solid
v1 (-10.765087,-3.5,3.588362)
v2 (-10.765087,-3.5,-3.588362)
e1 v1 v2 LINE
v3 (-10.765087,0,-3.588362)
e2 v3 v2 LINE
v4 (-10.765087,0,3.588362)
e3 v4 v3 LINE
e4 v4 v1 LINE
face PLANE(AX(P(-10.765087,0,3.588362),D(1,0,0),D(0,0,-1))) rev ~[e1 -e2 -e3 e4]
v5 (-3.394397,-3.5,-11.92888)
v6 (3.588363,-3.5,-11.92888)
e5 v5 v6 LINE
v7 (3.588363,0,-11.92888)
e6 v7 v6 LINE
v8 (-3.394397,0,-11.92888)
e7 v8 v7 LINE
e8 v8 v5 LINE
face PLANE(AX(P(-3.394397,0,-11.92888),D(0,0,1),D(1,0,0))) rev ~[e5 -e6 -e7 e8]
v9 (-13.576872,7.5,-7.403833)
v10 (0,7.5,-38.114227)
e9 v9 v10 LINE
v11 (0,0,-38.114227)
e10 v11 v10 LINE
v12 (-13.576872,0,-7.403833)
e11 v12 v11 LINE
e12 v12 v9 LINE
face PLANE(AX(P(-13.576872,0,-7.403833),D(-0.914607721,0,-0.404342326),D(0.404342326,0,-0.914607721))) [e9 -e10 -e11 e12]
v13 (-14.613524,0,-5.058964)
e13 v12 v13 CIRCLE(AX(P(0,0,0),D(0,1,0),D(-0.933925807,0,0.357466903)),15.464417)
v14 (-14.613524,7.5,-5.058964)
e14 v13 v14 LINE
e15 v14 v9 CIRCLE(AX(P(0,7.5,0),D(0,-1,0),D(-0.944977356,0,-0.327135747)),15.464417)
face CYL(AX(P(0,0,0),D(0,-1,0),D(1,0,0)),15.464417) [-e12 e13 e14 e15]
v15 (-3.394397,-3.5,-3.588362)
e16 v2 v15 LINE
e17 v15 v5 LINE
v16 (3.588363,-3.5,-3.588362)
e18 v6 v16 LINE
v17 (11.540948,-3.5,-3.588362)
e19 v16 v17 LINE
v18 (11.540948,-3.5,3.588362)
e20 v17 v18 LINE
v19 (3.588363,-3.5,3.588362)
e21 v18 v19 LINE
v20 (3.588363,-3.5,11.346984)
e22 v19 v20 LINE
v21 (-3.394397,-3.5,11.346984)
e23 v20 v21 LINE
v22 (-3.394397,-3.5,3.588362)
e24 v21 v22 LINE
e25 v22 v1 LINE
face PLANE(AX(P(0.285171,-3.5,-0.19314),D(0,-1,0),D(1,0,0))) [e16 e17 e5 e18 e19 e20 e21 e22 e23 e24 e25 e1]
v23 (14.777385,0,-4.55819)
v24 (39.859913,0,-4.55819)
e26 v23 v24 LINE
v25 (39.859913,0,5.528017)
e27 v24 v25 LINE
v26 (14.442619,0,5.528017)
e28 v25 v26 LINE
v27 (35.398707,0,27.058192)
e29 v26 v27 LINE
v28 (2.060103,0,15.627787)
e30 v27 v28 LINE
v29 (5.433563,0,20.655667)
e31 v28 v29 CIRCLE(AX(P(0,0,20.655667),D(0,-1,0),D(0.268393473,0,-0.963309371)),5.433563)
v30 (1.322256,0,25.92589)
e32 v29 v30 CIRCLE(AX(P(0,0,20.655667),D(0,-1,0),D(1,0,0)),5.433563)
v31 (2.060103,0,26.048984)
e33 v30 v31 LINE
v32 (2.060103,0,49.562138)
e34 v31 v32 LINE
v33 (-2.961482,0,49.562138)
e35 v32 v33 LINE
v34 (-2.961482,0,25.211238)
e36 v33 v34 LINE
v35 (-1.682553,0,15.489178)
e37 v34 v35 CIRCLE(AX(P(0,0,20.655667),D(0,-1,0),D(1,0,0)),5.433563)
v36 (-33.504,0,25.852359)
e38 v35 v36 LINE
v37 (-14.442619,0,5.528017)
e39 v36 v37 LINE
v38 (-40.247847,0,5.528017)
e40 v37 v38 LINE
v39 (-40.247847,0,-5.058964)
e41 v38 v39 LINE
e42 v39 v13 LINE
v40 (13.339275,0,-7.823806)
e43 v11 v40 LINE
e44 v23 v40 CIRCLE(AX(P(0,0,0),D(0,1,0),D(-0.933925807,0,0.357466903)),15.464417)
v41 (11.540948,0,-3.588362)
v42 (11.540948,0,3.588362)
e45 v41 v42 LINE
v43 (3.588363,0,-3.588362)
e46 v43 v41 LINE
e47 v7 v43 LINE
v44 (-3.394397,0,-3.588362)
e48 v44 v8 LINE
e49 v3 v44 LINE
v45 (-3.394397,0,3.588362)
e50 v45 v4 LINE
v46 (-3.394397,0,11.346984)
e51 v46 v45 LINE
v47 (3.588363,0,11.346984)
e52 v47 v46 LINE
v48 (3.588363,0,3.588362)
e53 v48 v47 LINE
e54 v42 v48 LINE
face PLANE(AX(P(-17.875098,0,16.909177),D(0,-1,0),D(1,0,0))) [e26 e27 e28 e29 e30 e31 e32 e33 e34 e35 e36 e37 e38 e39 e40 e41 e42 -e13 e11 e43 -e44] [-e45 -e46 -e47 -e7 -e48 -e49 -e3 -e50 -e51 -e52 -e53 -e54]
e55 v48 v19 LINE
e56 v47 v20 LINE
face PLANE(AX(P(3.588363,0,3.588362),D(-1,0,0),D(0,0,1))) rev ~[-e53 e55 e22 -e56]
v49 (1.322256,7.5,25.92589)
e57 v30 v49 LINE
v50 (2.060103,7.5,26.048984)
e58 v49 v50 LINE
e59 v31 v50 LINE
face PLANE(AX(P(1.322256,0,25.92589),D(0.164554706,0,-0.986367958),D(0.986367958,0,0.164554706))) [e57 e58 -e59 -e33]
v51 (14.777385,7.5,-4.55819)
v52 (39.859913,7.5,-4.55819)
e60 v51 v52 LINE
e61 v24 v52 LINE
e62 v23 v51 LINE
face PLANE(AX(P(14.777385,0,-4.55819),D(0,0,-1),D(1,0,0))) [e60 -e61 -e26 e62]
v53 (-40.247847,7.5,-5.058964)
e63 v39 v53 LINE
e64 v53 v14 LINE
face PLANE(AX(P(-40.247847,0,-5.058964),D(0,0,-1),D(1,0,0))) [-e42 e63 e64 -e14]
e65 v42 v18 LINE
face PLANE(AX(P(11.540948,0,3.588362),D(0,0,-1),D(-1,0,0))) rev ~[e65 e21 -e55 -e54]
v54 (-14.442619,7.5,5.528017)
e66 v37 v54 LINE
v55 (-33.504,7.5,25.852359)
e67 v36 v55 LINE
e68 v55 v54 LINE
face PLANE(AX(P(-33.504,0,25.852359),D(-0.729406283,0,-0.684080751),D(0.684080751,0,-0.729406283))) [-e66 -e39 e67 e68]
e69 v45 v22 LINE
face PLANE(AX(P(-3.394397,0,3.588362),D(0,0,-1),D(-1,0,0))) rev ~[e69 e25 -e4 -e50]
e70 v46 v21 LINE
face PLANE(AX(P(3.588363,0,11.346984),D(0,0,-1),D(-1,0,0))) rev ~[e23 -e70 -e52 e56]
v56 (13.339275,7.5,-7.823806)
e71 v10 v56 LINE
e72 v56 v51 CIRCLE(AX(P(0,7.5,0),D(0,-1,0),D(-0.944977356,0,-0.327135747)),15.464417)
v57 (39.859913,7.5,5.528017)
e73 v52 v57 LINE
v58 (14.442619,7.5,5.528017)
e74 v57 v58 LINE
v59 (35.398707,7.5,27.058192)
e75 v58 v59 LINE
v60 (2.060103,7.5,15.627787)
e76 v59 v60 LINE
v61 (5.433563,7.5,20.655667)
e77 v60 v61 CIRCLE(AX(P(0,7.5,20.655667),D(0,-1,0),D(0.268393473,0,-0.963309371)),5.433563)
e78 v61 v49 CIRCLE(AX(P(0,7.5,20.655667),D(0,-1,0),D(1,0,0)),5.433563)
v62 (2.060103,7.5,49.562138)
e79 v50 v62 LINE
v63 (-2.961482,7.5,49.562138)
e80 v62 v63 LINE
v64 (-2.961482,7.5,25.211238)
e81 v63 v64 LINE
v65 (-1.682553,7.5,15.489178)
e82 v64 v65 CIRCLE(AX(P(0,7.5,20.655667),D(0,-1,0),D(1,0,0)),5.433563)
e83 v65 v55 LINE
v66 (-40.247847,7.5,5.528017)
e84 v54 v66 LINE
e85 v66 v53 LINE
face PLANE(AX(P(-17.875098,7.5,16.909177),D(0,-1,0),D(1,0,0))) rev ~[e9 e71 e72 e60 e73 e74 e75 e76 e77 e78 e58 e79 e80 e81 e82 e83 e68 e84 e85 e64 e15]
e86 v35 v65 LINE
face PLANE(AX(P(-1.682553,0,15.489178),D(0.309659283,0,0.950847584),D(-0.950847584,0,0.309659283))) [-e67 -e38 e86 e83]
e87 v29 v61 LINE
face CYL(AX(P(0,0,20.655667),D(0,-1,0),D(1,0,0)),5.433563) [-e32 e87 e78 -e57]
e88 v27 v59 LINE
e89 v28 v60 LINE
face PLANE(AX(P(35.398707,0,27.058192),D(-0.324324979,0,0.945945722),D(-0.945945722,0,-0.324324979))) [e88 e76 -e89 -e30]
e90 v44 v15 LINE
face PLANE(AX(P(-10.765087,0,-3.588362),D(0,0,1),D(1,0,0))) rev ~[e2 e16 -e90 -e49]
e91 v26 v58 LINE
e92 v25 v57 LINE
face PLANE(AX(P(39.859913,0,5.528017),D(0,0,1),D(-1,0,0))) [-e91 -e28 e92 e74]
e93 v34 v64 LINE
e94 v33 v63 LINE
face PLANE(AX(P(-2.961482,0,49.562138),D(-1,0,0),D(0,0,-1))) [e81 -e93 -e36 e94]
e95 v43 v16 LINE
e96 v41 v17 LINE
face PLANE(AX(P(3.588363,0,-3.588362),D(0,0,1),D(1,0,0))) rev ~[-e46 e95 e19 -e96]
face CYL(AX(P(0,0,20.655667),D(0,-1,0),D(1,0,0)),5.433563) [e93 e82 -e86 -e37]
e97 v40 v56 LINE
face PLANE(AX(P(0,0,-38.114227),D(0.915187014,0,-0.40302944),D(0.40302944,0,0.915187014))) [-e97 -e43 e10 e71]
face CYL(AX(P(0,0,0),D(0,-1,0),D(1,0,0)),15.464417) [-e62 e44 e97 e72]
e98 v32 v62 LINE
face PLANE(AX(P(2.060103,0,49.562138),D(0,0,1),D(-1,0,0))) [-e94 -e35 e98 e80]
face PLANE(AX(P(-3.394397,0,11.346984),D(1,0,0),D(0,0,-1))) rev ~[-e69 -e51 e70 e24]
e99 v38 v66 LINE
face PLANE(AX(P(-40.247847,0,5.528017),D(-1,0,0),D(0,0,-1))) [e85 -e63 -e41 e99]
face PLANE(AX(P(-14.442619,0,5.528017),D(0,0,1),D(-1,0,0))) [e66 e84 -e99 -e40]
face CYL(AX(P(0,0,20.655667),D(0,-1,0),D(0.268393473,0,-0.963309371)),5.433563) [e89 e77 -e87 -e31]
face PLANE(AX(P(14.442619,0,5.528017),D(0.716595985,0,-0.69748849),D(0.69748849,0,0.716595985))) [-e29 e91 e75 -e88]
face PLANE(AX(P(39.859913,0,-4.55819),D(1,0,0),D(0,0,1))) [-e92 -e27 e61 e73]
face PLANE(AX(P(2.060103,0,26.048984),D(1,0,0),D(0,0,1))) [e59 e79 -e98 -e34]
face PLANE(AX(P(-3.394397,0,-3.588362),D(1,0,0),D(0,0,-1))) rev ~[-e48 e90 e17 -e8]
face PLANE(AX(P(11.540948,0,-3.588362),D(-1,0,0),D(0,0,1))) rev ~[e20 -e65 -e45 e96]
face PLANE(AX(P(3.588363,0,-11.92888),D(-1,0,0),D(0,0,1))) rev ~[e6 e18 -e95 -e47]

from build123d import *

# Parameters (mm, degrees)
F0_R      = 15.4644174612
F1_DEPTH  = 7.5
F3_DEPTH  = 3.5
F5_DEPTH  = 7.5
F7_DEPTH  = 7.5
F9_DEPTH  = 7.5
F11_DEPTH = 7.5
F13_DEPTH = 7.5
F15_DEPTH = 7.5
F17_DEPTH = 7.5
F18_W     = 5.4945703596
F18_H     = 28.8444776088
F19_DEPTH = 7.5
F22_DEPTH = 7.5


with BuildPart() as f1:
    # F0 (on Front) → F1 (new body)
    with BuildSketch(Plane.XZ):
        Circle(F0_R)
    extrude(amount=-F1_DEPTH)

    # F2 (on Front) → F3 (join)
    with BuildSketch(Plane.XZ):
        Polygon((3.5883630626, 11.3469837233), (-3.3943967428, 11.3469837233), (-3.3943967428, 3.5883623641), (-10.7650868595, 3.5883623641), (-10.7650868595, -3.5883623641), (-3.3943967428, -3.5883623641), (-3.3943967428, -11.9288796559), (3.5883630626, -11.9288796559), (3.5883630626, -3.5883623641), (11.5409484133, -3.5883623641), (11.5409484133, 3.5883623641), (3.5883630626, 3.5883623641), align=None)
    extrude(amount=F3_DEPTH)

    # F4 (on face) → F5 (join)
    with BuildSketch(Plane.XZ):
        with BuildLine():
            Line((-40.2478465542, -5.0589637569), (-14.6135243224, -5.0589637569))
            ThreePointArc((-14.6135243224, -5.0589637569), (-15.4624028659, 0.2496097512), (-14.442618561, 5.5280174129))
            Line((-14.442618561, 5.5280174129), (-40.2478465542, 5.5280174129))
            Line((-40.2478465542, 5.5280174129), (-40.2478465542, -5.0589637569))
        make_face()
    extrude(amount=-F5_DEPTH)

    # F6 (on face) → F7 (join)
    with BuildSketch(Plane.XZ):
        with BuildLine():
            Line((39.8599132895, 5.5280174129), (14.442618561, 5.5280174129))
            ThreePointArc((14.442618561, 5.5280174129), (15.4559066, 0.512989853), (14.7773852023, -4.5581897721))
            Line((14.7773852023, -4.5581897721), (39.8599132895, -4.5581897721))
            Line((39.8599132895, -4.5581897721), (39.8599132895, 5.5280174129))
        make_face()
    extrude(amount=-F7_DEPTH)

    # F8 (on face) → F9 (join)
    with BuildSketch(Plane.XZ):
        with BuildLine():
            ThreePointArc((13.3392752441, -7.8238061951), (-0.2412620254, -15.4625353694), (-13.5768721894, -7.4038333969))
            Line((-13.5768721894, -7.4038333969), (0, -38.1142273545))
            Line((0, -38.1142273545), (13.3392752441, -7.8238061951))
        make_face()
    extrude(amount=-F9_DEPTH)

    # F10 (on face) → F11 (join)
    with BuildSketch(Plane.XZ):
        with BuildLine():
            Line((1.4583327306, 20.6556674093), (-1.6825530911, 20.6556674093))
            Line((-1.6825530911, 20.6556674093), (-1.6825530911, 15.3955017152))
            Line((-1.6825530911, 15.3955017152), (-1.4583327306, 15.3955017152))
            ThreePointArc((-1.4583327306, 15.3955017152), (0, 15.4644174612), (1.4583327306, 15.3955017152))
            Line((1.4583327306, 15.3955017152), (1.4583327306, 20.6556674093))
        make_face()
    extrude(amount=-F11_DEPTH)

    # F12 (on face) → F13 (join)
    with BuildSketch(Plane.XZ):
        with BuildLine():
            ThreePointArc((1.4583327306, 15.4214656697), (4.3270974304, 17.3693579241), (5.4335625702, 20.6556674093))
            ThreePointArc((5.4335625702, 20.6556674093), (-3.1922832508, 25.05259018), (-1.6825530911, 15.4891775661))
            Line((-1.6825530911, 15.4891775661), (-1.6825530911, 20.6556674093))
            Line((-1.6825530911, 20.6556674093), (1.4583327306, 20.6556674093))
            Line((1.4583327306, 20.6556674093), (1.4583327306, 15.4214656697))
        make_face()
    extrude(amount=-F13_DEPTH)

    # F14 (on face) → F15 (join)
    with BuildSketch(Plane.XZ):
        with BuildLine():
            Line((35.3987067938, 27.0581915975), (2.0601032187, 15.6277874452))
            ThreePointArc((2.0601032187, 15.6277874452), (1.7622400662, 15.5158121435), (1.4583327306, 15.4214656697))
            Line((1.4583327306, 15.4214656697), (1.4583327306, 15.3955017152))
            ThreePointArc((1.4583327306, 15.3955017152), (9.3569158706, 12.312446256), (14.442618561, 5.5280174129))
            Line((14.442618561, 5.5280174129), (35.3987067938, 27.0581915975))
        make_face()
    extrude(amount=-F15_DEPTH)

    # F16 (on face) → F17 (join)
    with BuildSketch(Plane.XZ):
        with BuildLine():
            Line((-1.6825530911, 15.3955017152), (-1.6825530911, 15.4891775661))
            Line((-1.6825530911, 15.4891775661), (-33.5039995381, 25.8523592827))
            Line((-33.5039995381, 25.8523592827), (-14.442618561, 5.5280174129))
            ThreePointArc((-14.442618561, 5.5280174129), (-9.3569158706, 12.312446256), (-1.4583327306, 15.3955017152))
            Line((-1.4583327306, 15.3955017152), (-1.6825530911, 15.3955017152))
        make_face()
    extrude(amount=-F17_DEPTH)

    # F21 (on face) → F22 (join)
    with BuildSketch(Plane.XZ):
        with BuildLine():
            Line((-2.9614820185, 49.562137616), (-2.9614820185, 25.2112383349))
            ThreePointArc((-2.9614820185, 25.2112383349), (-0.8941182921, 26.0151594267), (1.3222555048, 25.9258896612))
            Line((1.3222555048, 25.9258896612), (2.0601032187, 26.0489840022))
            Line((2.0601032187, 26.0489840022), (2.0601032187, 49.562137616))
            Line((2.0601032187, 49.562137616), (-2.9614820185, 49.562137616))
        make_face()
    extrude(amount=-F22_DEPTH)


with BuildPart() as f19:
    # F18 (on Front) → F19 (new body)
    with BuildSketch(Plane.XZ):
        with Locations((0.3433788661, 40.6340872869)):
            Rectangle(F18_W, F18_H)
    extrude(amount=-F19_DEPTH)


solid = f1.part
